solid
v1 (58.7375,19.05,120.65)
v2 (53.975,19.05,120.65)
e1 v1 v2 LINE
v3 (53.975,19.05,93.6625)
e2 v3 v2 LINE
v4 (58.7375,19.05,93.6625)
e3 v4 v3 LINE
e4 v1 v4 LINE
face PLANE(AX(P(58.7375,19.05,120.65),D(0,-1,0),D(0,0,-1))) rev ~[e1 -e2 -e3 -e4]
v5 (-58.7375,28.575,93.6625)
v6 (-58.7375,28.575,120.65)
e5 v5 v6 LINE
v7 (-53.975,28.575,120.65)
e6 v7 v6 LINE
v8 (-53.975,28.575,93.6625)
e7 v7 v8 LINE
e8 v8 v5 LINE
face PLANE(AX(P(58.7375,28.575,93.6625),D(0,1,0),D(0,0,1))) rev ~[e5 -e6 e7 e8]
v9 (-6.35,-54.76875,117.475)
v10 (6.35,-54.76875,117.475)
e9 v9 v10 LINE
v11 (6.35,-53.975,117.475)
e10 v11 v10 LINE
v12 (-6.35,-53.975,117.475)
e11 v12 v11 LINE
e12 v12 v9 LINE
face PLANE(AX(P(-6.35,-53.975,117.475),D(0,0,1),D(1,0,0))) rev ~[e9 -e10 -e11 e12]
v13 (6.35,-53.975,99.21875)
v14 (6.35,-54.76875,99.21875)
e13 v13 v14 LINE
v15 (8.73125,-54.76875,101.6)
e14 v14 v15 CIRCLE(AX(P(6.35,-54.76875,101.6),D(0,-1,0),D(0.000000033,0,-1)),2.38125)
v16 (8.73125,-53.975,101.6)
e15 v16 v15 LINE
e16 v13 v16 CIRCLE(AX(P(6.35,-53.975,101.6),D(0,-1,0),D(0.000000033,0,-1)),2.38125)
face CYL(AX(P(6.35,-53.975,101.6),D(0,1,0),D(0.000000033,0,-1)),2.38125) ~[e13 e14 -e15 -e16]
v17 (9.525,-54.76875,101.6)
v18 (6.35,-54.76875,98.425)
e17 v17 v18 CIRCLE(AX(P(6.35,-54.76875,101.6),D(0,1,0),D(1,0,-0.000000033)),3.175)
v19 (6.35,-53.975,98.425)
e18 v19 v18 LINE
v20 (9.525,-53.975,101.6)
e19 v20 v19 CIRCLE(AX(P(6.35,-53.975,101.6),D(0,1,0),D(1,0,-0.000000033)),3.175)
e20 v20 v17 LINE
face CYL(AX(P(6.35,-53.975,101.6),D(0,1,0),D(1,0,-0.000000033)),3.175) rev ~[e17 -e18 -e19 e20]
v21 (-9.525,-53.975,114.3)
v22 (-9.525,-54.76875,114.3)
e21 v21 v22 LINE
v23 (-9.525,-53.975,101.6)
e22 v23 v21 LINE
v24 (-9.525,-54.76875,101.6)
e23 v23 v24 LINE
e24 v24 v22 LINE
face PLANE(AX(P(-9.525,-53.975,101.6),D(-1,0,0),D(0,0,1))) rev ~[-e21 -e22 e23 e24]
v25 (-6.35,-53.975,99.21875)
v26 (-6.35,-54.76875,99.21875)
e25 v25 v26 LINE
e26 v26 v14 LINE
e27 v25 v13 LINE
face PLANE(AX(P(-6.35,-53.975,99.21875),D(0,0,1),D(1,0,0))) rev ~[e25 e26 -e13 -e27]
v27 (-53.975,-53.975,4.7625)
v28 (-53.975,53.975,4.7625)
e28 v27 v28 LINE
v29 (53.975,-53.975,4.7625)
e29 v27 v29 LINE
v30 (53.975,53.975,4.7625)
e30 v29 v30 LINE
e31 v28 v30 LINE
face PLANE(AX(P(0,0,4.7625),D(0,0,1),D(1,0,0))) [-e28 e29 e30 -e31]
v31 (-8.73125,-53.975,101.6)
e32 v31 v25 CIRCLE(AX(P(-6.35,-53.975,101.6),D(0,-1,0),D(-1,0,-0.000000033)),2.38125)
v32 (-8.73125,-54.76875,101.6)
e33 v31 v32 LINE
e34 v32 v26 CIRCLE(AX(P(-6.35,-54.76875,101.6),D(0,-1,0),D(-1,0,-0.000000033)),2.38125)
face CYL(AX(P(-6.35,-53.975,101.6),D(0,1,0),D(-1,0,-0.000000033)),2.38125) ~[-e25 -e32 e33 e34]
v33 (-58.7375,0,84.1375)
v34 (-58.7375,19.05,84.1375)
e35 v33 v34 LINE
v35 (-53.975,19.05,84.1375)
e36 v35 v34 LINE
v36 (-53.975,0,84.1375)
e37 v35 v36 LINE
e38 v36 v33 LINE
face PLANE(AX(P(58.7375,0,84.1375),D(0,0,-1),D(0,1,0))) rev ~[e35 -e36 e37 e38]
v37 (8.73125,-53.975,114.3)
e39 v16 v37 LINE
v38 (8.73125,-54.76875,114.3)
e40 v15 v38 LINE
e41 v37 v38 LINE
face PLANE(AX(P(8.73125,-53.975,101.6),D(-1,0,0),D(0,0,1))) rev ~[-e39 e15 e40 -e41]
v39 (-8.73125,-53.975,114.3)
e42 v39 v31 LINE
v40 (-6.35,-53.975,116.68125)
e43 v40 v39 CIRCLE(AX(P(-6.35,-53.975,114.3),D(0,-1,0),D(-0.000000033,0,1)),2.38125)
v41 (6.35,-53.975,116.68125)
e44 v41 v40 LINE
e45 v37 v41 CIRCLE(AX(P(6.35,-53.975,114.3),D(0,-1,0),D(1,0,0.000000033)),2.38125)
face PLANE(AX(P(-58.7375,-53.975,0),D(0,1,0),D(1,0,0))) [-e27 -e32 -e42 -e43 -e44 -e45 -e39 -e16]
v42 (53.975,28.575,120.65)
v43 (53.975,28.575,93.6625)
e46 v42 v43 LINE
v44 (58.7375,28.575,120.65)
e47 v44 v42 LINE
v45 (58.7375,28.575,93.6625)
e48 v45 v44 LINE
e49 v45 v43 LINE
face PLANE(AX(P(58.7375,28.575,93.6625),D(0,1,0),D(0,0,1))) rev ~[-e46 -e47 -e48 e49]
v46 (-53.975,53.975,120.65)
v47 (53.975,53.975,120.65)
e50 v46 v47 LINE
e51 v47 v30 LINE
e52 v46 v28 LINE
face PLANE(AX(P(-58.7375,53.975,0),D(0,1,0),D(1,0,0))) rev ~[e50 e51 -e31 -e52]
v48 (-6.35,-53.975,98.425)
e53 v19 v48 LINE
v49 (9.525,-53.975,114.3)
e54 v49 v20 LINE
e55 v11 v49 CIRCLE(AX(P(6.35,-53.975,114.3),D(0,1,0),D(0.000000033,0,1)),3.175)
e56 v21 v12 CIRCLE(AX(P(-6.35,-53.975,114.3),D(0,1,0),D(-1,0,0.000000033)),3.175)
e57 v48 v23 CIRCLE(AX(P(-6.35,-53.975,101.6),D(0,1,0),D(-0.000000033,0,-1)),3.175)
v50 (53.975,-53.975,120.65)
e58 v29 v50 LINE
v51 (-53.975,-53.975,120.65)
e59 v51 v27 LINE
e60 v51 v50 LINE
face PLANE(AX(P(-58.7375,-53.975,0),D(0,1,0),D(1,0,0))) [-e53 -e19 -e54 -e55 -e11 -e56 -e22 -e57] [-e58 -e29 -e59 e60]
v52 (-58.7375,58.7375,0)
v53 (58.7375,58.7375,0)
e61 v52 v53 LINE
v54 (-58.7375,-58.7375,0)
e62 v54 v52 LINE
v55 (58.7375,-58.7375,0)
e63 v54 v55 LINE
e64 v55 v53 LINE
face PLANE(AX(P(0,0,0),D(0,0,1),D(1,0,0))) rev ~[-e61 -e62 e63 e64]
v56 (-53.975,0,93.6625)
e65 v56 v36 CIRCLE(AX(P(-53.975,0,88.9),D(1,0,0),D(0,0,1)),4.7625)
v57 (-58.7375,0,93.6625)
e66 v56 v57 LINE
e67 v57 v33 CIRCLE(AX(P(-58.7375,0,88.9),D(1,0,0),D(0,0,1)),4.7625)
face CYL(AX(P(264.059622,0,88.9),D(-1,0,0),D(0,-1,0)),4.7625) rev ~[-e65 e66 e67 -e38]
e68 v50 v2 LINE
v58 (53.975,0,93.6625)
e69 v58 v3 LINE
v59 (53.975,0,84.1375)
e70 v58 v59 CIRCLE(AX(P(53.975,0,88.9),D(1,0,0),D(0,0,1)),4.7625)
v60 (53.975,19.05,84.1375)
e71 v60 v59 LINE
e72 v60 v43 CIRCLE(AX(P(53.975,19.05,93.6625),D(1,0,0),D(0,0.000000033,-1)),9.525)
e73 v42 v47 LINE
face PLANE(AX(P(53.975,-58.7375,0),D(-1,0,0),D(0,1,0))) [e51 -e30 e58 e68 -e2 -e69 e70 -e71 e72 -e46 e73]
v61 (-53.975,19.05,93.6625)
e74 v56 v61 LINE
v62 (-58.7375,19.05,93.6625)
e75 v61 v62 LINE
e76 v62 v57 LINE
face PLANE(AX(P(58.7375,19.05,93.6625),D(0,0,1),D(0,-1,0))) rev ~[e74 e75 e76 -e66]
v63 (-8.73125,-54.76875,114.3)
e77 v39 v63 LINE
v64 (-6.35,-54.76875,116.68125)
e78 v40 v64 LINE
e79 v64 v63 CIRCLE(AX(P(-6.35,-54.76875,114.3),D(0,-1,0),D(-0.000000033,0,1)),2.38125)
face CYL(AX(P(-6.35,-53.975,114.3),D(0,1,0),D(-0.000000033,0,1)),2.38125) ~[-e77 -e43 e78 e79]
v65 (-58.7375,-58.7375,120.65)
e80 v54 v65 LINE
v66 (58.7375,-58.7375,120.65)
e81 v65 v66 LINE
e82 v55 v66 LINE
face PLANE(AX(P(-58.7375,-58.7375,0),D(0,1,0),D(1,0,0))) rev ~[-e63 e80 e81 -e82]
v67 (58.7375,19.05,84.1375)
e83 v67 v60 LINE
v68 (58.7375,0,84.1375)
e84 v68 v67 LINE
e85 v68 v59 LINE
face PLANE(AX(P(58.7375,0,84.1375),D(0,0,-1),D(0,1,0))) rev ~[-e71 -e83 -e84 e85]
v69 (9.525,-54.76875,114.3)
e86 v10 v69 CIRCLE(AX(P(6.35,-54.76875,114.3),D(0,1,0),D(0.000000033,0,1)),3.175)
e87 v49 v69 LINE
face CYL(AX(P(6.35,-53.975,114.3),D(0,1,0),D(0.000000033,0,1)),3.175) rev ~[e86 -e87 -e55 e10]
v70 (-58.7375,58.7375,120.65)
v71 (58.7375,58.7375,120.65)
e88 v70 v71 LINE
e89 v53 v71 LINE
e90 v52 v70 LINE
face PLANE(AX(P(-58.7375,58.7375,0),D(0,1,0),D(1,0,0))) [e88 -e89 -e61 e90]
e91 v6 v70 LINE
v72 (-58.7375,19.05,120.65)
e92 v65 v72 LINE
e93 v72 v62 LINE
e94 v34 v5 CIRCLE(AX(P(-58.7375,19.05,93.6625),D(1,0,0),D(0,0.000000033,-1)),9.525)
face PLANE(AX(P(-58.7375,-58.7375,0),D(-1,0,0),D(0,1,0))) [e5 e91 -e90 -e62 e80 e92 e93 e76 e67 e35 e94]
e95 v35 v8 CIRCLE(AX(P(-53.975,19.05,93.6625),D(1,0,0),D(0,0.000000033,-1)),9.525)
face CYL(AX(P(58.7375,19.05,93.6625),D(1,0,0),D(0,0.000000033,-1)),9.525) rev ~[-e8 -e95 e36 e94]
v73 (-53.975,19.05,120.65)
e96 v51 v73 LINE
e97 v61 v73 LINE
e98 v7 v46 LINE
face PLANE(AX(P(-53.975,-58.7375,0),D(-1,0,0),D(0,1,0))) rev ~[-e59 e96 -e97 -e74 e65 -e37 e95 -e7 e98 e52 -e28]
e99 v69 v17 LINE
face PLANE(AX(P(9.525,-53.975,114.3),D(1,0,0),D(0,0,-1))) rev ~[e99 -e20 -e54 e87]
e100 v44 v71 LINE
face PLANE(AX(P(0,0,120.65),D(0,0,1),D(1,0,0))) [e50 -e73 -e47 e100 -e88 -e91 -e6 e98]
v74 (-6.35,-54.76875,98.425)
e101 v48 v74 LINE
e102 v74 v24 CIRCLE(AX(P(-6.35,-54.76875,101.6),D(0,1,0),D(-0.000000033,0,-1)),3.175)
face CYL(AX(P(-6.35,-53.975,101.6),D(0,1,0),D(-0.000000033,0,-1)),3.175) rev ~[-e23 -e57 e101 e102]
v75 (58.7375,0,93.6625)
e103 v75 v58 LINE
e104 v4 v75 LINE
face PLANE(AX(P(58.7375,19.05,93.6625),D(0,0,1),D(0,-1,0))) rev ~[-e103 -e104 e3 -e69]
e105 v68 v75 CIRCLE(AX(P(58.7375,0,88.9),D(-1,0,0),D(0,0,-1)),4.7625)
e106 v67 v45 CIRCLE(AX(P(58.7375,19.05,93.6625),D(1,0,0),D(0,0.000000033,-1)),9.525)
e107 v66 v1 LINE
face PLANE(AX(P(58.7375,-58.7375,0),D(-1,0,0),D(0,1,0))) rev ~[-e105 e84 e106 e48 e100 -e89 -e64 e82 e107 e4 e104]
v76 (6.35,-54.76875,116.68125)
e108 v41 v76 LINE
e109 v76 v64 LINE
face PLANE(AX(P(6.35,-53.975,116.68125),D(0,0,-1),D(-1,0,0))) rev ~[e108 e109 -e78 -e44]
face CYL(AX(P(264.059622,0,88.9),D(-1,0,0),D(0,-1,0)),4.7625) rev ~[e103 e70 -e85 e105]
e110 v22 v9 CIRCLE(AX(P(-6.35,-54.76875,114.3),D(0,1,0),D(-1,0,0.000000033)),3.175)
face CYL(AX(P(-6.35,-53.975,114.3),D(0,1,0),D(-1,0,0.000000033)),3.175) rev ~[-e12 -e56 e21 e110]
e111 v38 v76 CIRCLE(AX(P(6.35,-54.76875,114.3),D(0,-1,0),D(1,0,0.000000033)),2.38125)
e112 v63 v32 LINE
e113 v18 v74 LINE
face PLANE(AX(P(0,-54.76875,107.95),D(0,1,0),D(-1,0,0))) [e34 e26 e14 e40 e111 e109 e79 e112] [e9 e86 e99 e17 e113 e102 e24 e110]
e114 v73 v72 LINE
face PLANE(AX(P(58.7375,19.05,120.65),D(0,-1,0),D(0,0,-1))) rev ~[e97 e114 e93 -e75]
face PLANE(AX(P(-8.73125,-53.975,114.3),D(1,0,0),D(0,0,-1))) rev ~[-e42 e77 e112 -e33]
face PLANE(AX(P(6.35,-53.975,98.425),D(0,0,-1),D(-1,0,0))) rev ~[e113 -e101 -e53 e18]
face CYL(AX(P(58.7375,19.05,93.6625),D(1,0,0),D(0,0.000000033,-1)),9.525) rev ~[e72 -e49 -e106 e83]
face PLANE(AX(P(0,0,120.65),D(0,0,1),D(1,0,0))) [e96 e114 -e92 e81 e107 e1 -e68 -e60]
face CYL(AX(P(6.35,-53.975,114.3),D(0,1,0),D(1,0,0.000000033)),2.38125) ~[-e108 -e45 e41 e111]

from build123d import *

# Parameters (mm, degrees)
F0_W     = 117.475
F0_H     = 117.475
F1_DEPTH = 120.65
F2_T     = -4.7625
F4_D     = 9.525
F6_DEPTH = 0.79375
F9_DEPTH = 117.475


with BuildPart() as f1:
    # F0 (on Top) → F1 (new body)
    with BuildSketch(Plane.XY):
        Rectangle(F0_W, F0_H)
    extrude(amount=F1_DEPTH)

    # F2
    f2_openings = [f1.faces().sort_by_distance(p)[0] for p in [
        (0, 0, 120.65),
    ]]
    offset(amount=F2_T, openings=f2_openings)

    # F4 (through all)
    with Locations(Plane.YZ.offset(58.7375)):
        with Locations((0, 88.9)):
            Hole(F4_D / 2)


with BuildPart() as f6:
    # F5 (on face) → F6 (new body)
    with BuildSketch(Plane(origin=(0, -53.975, 0), x_dir=(-1, 0, 0), z_dir=(0, 1, 0))):
        with BuildLine():
            Line((0, 117.475), (-6.35, 117.475))
            ThreePointArc((-6.35, 117.475), (-8.595064, 116.545064), (-9.525, 114.3))
            Line((-9.525, 114.3), (-9.525, 101.6))
            ThreePointArc((-9.525, 101.6), (-8.595064, 99.354936), (-6.35, 98.425))
            Line((-6.35, 98.425), (6.35, 98.425))
            ThreePointArc((6.35, 98.425), (8.595064, 99.354936), (9.525, 101.6))
            Line((9.525, 101.6), (9.525, 114.3))
            ThreePointArc((9.525, 114.3), (8.595064, 116.545064), (6.35, 117.475))
            Line((6.35, 117.475), (0, 117.475))
        make_face()
        with BuildLine():
            Line((-6.35, 116.68125), (0, 116.68125))
            Line((0, 116.68125), (6.35, 116.68125))
            ThreePointArc((6.35, 116.68125), (8.033798, 115.983798), (8.73125, 114.3))
            Line((8.73125, 114.3), (8.73125, 101.6))
            ThreePointArc((8.73125, 101.6), (8.033798, 99.916202), (6.35, 99.21875))
            Line((6.35, 99.21875), (-6.35, 99.21875))
            ThreePointArc((-6.35, 99.21875), (-8.033798, 99.916202), (-8.73125, 101.6))
            Line((-8.73125, 101.6), (-8.73125, 114.3))
            ThreePointArc((-8.73125, 114.3), (-8.033798, 115.983798), (-6.35, 116.68125))
        make_face(mode=Mode.SUBTRACT)
    extrude(amount=-F6_DEPTH)


with BuildPart() as f1_1:
    add(f1.part)

    # F7: cut F6
    add(f6.part, mode=Mode.SUBTRACT)


with BuildPart() as f9:
    # F8 (on face) → F9 (new body, through all)
    with BuildSketch(Plane.YZ.offset(58.7375)):
        with BuildLine():
            ThreePointArc((0, 93.6625), (4.7625, 88.9), (0, 84.1375))
            Line((0, 84.1375), (19.05, 84.1375))
            ThreePointArc((19.05, 84.1375), (25.785192, 86.927308), (28.575, 93.6625))
            Line((28.575, 93.6625), (28.575, 120.65))
            Line((28.575, 120.65), (19.05, 120.65))
            Line((19.05, 120.65), (19.05, 93.6625))
            Line((19.05, 93.6625), (0, 93.6625))
        make_face()
    extrude(amount=-F9_DEPTH)


with BuildPart() as f1_2:
    add(f1_1.part)

    # F10: cut F9
    add(f9.part, mode=Mode.SUBTRACT)


solid = f1_2.part
